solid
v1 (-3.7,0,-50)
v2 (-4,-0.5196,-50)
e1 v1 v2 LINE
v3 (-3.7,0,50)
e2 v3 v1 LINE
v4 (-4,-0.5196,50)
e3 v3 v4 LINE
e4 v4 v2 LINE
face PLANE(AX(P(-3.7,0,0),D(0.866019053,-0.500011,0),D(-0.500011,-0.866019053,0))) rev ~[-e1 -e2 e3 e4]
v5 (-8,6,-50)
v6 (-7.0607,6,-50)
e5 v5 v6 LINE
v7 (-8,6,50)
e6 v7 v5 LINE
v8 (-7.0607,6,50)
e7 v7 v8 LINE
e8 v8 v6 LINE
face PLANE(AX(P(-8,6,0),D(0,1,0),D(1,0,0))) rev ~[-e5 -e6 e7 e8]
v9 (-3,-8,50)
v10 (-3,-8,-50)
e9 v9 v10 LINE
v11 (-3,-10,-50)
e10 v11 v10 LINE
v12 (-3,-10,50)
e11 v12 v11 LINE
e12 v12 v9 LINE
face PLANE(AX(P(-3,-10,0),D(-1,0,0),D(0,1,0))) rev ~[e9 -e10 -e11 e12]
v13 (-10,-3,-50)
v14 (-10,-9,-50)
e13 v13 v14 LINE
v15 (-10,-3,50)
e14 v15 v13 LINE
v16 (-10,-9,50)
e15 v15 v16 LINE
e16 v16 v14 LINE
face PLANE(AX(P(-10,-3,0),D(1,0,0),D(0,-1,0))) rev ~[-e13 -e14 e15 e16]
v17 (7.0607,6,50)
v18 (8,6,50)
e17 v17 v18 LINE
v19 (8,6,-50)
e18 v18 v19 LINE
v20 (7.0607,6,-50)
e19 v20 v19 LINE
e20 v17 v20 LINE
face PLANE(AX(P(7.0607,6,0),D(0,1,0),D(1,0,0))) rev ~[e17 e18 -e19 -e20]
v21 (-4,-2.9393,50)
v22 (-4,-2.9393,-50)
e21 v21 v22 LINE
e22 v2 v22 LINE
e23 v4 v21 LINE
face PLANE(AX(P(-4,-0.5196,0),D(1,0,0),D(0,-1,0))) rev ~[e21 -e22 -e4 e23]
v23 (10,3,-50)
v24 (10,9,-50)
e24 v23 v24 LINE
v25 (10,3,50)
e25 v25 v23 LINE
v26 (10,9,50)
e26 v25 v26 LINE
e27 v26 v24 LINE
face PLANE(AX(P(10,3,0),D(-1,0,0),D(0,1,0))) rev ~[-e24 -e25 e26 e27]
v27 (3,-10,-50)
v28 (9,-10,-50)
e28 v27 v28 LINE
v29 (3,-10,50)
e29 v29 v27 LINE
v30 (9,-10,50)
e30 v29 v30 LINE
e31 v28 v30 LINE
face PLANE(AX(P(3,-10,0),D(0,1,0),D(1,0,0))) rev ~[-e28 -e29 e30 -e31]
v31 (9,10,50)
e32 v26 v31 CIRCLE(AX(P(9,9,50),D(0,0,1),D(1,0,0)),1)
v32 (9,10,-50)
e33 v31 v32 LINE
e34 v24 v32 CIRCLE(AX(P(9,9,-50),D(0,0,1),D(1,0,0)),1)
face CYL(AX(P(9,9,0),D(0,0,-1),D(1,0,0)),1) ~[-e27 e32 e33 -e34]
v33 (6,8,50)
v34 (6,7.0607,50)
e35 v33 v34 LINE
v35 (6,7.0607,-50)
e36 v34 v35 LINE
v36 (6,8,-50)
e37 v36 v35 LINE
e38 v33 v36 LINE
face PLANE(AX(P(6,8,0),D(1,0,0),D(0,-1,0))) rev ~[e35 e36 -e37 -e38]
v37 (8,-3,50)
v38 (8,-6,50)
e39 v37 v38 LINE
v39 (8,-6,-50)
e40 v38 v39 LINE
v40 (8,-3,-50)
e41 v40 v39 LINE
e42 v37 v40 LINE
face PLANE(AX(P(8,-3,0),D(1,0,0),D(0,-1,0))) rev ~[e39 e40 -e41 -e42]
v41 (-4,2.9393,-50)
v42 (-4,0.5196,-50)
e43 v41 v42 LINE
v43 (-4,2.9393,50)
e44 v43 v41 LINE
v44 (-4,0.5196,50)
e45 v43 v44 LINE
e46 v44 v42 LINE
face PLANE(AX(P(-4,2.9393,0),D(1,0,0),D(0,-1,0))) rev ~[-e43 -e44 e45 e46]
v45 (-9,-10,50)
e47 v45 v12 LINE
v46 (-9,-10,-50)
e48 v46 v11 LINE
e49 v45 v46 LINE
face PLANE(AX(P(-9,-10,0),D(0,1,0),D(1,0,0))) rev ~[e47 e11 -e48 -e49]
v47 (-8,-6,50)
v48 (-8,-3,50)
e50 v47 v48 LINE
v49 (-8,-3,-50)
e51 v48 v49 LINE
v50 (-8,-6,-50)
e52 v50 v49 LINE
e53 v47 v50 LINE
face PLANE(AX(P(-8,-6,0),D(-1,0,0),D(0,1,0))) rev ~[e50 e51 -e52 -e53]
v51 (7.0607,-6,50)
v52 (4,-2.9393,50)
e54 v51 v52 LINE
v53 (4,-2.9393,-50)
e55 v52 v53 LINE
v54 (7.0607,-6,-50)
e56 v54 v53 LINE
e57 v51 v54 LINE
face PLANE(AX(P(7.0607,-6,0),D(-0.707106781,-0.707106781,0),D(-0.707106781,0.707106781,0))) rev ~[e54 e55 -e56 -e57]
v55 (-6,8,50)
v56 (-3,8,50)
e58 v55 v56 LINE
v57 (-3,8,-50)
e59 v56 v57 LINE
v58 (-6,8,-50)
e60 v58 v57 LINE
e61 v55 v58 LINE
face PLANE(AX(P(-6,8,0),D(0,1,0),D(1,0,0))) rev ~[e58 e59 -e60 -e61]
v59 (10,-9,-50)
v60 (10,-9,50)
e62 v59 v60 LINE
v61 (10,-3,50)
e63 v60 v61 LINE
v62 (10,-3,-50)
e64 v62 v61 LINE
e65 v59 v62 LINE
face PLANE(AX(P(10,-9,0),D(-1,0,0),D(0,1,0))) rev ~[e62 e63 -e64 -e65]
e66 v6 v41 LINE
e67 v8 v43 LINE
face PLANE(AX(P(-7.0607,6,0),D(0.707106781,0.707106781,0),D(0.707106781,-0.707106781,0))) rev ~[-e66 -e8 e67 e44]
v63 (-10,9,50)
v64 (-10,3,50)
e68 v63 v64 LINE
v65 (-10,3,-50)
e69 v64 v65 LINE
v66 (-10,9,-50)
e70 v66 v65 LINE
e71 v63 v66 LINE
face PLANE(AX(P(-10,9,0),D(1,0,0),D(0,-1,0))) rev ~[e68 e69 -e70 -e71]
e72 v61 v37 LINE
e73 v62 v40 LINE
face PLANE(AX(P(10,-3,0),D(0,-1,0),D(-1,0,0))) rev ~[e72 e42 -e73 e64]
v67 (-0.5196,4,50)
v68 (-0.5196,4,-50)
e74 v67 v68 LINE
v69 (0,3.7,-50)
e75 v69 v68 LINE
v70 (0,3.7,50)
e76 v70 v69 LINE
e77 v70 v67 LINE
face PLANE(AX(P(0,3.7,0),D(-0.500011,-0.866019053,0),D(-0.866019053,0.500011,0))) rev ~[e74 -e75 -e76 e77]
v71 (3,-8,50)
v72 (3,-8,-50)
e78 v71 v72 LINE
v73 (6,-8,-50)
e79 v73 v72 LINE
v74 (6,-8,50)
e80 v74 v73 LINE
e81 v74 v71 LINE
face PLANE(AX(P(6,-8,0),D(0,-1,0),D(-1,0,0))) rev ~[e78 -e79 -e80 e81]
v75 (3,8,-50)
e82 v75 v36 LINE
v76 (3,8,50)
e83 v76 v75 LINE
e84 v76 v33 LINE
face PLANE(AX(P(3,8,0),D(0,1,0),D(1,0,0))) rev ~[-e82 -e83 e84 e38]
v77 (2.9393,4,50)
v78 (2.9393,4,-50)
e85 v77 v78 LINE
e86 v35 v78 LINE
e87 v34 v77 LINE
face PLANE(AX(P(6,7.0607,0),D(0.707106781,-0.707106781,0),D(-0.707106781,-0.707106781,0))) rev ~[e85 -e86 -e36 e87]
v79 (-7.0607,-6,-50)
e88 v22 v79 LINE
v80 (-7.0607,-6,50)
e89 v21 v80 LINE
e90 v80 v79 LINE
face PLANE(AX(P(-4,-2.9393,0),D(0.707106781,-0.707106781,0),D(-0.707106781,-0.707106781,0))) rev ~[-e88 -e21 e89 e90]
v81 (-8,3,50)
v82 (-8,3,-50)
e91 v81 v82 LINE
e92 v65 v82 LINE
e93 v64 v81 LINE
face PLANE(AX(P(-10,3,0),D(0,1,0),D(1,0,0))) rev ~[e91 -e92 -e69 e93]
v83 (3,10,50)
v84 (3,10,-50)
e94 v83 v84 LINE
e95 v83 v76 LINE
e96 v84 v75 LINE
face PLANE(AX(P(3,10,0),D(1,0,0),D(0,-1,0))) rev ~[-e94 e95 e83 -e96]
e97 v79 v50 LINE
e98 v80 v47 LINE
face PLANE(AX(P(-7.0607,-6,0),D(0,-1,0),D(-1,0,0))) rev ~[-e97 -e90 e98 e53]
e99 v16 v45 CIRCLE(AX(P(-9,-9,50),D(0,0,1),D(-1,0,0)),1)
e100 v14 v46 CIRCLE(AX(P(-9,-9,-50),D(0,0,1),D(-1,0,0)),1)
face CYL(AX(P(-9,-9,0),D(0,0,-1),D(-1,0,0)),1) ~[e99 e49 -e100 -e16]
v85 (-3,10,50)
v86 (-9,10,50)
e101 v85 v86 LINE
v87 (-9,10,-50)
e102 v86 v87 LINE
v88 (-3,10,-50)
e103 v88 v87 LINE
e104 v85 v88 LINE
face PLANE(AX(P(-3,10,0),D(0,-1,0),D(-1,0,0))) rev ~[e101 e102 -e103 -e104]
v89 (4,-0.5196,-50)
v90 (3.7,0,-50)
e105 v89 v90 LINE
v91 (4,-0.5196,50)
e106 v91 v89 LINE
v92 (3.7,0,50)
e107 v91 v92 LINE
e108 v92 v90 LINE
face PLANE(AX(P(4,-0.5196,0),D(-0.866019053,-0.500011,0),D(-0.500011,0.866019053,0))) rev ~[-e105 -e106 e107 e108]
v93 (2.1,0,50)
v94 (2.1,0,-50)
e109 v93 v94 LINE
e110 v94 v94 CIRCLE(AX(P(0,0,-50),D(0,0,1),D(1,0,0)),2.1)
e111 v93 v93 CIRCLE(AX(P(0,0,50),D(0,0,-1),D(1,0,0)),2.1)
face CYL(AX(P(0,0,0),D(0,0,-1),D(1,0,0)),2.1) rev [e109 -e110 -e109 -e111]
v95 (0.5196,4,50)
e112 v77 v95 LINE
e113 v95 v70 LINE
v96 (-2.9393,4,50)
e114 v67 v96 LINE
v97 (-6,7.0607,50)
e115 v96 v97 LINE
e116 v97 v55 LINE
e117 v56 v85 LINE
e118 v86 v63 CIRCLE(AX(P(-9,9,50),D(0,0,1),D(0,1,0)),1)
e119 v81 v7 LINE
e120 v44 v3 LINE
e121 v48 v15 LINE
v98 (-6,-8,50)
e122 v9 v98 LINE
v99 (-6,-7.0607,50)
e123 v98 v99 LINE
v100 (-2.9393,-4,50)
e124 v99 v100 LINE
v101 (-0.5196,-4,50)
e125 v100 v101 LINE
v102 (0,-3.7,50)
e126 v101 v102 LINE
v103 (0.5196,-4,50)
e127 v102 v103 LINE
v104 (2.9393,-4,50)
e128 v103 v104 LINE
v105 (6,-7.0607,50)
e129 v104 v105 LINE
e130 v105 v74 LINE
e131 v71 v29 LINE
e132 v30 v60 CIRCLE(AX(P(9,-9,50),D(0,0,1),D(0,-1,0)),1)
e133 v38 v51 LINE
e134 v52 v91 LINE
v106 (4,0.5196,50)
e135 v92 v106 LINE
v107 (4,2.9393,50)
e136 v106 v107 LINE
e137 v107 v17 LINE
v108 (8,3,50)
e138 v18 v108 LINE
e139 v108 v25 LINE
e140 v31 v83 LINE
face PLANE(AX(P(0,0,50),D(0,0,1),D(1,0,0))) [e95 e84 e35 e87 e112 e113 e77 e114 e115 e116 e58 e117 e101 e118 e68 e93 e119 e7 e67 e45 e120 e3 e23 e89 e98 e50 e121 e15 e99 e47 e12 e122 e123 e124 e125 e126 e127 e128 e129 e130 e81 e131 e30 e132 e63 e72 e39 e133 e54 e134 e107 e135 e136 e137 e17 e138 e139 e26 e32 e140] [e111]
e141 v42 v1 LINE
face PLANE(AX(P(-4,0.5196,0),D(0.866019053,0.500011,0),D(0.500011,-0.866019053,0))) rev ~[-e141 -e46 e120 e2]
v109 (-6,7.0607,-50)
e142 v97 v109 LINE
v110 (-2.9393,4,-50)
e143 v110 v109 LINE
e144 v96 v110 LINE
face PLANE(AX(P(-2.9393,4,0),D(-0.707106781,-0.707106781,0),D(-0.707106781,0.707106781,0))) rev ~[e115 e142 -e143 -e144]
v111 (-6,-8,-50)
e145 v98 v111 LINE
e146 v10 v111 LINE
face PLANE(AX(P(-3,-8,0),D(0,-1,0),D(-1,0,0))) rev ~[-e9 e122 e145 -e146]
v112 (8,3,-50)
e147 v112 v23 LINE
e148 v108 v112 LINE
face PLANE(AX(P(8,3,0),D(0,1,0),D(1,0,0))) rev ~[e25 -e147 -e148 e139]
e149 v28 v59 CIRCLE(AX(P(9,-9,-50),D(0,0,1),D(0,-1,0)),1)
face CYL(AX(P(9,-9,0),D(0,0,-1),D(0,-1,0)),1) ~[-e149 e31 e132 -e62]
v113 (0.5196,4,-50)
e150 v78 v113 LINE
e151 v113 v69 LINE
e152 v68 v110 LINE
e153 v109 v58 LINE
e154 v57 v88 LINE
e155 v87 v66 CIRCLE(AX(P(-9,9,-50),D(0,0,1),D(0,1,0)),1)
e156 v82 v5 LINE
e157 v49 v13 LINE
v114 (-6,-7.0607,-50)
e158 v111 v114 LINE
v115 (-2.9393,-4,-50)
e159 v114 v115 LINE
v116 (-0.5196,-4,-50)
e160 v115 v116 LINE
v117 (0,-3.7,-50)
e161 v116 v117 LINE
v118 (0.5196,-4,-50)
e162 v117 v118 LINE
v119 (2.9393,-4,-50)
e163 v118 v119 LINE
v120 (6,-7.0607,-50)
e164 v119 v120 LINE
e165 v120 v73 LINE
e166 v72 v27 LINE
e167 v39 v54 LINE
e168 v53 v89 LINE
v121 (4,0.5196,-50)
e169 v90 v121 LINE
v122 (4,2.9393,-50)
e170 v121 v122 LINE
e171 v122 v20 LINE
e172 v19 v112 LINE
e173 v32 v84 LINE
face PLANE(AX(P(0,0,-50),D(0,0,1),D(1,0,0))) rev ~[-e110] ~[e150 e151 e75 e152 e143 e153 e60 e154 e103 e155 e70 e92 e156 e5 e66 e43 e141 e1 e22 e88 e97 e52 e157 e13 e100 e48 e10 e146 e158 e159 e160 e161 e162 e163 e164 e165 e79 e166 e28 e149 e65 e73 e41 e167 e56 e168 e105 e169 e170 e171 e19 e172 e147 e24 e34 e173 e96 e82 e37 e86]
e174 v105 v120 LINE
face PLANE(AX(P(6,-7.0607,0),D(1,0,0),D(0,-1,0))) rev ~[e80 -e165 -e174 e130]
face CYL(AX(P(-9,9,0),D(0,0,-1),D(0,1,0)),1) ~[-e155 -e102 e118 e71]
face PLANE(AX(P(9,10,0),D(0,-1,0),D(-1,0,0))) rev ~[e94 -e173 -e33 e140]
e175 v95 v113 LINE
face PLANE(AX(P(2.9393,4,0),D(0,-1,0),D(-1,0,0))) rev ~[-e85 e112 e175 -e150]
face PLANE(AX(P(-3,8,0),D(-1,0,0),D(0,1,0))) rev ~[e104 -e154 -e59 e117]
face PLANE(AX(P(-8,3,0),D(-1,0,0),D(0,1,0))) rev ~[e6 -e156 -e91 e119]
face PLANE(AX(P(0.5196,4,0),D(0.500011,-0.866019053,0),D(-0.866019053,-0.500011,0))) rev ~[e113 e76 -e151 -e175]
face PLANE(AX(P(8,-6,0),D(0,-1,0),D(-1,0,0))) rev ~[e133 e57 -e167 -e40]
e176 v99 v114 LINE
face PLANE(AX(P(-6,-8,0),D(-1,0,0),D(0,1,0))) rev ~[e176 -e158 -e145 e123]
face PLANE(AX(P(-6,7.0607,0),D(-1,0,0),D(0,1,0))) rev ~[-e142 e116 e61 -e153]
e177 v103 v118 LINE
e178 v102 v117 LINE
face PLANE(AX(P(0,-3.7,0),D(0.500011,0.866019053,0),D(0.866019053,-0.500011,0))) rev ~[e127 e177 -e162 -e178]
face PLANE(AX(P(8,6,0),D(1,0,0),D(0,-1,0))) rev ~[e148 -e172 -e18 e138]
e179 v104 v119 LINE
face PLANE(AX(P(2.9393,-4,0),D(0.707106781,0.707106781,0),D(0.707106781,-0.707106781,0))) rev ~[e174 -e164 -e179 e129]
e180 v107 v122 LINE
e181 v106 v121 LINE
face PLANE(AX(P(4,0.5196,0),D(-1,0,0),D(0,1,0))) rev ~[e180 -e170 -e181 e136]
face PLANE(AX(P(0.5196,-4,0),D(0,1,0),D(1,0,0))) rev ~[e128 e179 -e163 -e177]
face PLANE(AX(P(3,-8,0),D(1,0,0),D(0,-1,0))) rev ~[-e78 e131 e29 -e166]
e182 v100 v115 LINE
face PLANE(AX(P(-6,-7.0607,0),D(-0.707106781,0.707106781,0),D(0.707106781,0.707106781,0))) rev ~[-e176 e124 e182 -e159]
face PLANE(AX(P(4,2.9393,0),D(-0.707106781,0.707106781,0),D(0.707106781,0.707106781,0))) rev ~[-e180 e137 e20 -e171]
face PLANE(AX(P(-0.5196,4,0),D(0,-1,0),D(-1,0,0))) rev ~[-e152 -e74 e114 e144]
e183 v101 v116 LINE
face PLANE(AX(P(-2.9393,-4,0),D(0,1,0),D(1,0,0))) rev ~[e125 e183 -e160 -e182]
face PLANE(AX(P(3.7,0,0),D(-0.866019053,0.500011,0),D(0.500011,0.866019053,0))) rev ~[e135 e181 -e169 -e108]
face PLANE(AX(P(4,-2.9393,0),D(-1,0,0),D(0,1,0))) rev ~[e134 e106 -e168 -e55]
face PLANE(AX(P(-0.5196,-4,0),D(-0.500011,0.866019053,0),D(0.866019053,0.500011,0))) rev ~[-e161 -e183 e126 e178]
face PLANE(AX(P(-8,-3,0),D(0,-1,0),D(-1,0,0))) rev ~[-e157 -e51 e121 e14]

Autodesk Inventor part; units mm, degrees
ref_plane "YZ Plane" through (0, 0, 0) normal (1, 0, 0) x (0, 1, 0)
ref_plane "XZ Plane" through (0, 0, 0) normal (0, 1, 0) x (-1, 0, 0)
ref_plane "XY Plane" through (0, 0, 0) normal (0, 0, 1) x (1, 0, 0)
sketch "Sketch1" plane through (0, 0, 0) normal (0, 0, 1) x (1, 0, 0)
  line L0 (-2.205, 0) -> (2.205, 0)
  line L1 (0, -2.205) -> (0, 2.205)
  arc A0 (9, -10) -> (10, -9) centre (9, -9) ccw
  line L2 (-10, 9) -> (-10, 3)
  line L3 (-10, 3) -> (-8, 3)
  line L4 (-8, 3) -> (-8, 6)
  line L5 (-8, 6) -> (-7.0607, 6)
  line L6 (-7.0607, 6) -> (-4, 2.9393)
  line L7 (-4, 2.9393) -> (-4, 0.5196)
  line L8 (-4, 0.5196) -> (-3.7, 0)
  line L9 (-3.7, 0) -> (-4, -0.5196)
  line L10 (-4, -0.5196) -> (-4, -2.9393)
  line L11 (-4, -2.9393) -> (-7.0607, -6)
  line L12 (-7.0607, -6) -> (-8, -6)
  line L13 (-8, -6) -> (-8, -3)
  line L14 (-8, -3) -> (-10, -3)
  line L15 (-10, -3) -> (-10, -9)
  arc A1 (-10, -9) -> (-9, -10) centre (-9, -9) ccw
  line L16 (-9, -10) -> (-3, -10)
  line L17 (-3, -10) -> (-3, -8)
  line L18 (-3, -8) -> (-6, -8)
  line L19 (-6, -7.0607) -> (-2.9393, -4)
  line L20 (-2.9393, -4) -> (-0.5196, -4)
  line L21 (-0.5196, -4) -> (0, -3.7)
  line L22 (0, -3.7) -> (0.5196, -4)
  line L23 (0.5196, -4) -> (2.9393, -4)
  line L24 (2.9393, -4) -> (6, -7.0607)
  line L25 (6, -7.0607) -> (6, -8)
  line L26 (6, -8) -> (3, -8)
  line L27 (3, -8) -> (3, -10)
  line L28 (3, -10) -> (9, -10)
  line L29 (10, -9) -> (10, -3)
  line L30 (10, -3) -> (8, -3)
  line L31 (8, -3) -> (8, -6)
  line L32 (8, -6) -> (7.0607, -6)
  line L33 (7.0607, -6) -> (4, -2.9393)
  line L34 (4, -2.9393) -> (4, -0.5196)
  line L35 (4, -0.5196) -> (3.7, 0)
  line L36 (3.7, 0) -> (4, 0.5196)
  line L37 (4, 0.5196) -> (4, 2.9393)
  line L38 (4, 2.9393) -> (7.0607, 6)
  line L39 (7.0607, 6) -> (8, 6)
  line L40 (8, 6) -> (8, 3)
  line L41 (8, 3) -> (10, 3)
  line L42 (10, 3) -> (10, 9)
  arc A2 (10, 9) -> (9, 10) centre (9, 9) ccw
  line L43 (9, 10) -> (3, 10)
  line L44 (3, 10) -> (3, 8)
  line L45 (3, 8) -> (6, 8)
  line L46 (6, 8) -> (6, 7.0607)
  line L47 (6, 7.0607) -> (2.9393, 4)
  line L48 (2.9393, 4) -> (0.5196, 4)
  line L49 (0.5196, 4) -> (0, 3.7)
  line L50 (0, 3.7) -> (-0.5196, 4)
  line L51 (-0.5196, 4) -> (-2.9393, 4)
  line L52 (-2.9393, 4) -> (-6, 7.0607)
  line L53 (-6, 7.0607) -> (-6, 8)
  line L54 (-6, 8) -> (-3, 8)
  line L55 (-3, 8) -> (-3, 10)
  line L56 (-3, 10) -> (-9, 10)
  arc A3 (-9, 10) -> (-10, 9) centre (-9, 9) ccw
  circle A4 centre (0, 0) radius 2.1
  line L57 (-6, -8) -> (-6, -7.0607)
extrude "Extrusion1" add sketch "Sketch1" along normal mid plane 100
equation "\"d0\" = depth"
equation "\"mppcMountThickness\" = 6.35"
equation "\"depth\" = 100"
equation "\"facingThickness\" = 12.7"
equation "\"facingGasketThickness\" = 1.5875"
properties part number "HFS5-2020" material "Aluminum 6061"
